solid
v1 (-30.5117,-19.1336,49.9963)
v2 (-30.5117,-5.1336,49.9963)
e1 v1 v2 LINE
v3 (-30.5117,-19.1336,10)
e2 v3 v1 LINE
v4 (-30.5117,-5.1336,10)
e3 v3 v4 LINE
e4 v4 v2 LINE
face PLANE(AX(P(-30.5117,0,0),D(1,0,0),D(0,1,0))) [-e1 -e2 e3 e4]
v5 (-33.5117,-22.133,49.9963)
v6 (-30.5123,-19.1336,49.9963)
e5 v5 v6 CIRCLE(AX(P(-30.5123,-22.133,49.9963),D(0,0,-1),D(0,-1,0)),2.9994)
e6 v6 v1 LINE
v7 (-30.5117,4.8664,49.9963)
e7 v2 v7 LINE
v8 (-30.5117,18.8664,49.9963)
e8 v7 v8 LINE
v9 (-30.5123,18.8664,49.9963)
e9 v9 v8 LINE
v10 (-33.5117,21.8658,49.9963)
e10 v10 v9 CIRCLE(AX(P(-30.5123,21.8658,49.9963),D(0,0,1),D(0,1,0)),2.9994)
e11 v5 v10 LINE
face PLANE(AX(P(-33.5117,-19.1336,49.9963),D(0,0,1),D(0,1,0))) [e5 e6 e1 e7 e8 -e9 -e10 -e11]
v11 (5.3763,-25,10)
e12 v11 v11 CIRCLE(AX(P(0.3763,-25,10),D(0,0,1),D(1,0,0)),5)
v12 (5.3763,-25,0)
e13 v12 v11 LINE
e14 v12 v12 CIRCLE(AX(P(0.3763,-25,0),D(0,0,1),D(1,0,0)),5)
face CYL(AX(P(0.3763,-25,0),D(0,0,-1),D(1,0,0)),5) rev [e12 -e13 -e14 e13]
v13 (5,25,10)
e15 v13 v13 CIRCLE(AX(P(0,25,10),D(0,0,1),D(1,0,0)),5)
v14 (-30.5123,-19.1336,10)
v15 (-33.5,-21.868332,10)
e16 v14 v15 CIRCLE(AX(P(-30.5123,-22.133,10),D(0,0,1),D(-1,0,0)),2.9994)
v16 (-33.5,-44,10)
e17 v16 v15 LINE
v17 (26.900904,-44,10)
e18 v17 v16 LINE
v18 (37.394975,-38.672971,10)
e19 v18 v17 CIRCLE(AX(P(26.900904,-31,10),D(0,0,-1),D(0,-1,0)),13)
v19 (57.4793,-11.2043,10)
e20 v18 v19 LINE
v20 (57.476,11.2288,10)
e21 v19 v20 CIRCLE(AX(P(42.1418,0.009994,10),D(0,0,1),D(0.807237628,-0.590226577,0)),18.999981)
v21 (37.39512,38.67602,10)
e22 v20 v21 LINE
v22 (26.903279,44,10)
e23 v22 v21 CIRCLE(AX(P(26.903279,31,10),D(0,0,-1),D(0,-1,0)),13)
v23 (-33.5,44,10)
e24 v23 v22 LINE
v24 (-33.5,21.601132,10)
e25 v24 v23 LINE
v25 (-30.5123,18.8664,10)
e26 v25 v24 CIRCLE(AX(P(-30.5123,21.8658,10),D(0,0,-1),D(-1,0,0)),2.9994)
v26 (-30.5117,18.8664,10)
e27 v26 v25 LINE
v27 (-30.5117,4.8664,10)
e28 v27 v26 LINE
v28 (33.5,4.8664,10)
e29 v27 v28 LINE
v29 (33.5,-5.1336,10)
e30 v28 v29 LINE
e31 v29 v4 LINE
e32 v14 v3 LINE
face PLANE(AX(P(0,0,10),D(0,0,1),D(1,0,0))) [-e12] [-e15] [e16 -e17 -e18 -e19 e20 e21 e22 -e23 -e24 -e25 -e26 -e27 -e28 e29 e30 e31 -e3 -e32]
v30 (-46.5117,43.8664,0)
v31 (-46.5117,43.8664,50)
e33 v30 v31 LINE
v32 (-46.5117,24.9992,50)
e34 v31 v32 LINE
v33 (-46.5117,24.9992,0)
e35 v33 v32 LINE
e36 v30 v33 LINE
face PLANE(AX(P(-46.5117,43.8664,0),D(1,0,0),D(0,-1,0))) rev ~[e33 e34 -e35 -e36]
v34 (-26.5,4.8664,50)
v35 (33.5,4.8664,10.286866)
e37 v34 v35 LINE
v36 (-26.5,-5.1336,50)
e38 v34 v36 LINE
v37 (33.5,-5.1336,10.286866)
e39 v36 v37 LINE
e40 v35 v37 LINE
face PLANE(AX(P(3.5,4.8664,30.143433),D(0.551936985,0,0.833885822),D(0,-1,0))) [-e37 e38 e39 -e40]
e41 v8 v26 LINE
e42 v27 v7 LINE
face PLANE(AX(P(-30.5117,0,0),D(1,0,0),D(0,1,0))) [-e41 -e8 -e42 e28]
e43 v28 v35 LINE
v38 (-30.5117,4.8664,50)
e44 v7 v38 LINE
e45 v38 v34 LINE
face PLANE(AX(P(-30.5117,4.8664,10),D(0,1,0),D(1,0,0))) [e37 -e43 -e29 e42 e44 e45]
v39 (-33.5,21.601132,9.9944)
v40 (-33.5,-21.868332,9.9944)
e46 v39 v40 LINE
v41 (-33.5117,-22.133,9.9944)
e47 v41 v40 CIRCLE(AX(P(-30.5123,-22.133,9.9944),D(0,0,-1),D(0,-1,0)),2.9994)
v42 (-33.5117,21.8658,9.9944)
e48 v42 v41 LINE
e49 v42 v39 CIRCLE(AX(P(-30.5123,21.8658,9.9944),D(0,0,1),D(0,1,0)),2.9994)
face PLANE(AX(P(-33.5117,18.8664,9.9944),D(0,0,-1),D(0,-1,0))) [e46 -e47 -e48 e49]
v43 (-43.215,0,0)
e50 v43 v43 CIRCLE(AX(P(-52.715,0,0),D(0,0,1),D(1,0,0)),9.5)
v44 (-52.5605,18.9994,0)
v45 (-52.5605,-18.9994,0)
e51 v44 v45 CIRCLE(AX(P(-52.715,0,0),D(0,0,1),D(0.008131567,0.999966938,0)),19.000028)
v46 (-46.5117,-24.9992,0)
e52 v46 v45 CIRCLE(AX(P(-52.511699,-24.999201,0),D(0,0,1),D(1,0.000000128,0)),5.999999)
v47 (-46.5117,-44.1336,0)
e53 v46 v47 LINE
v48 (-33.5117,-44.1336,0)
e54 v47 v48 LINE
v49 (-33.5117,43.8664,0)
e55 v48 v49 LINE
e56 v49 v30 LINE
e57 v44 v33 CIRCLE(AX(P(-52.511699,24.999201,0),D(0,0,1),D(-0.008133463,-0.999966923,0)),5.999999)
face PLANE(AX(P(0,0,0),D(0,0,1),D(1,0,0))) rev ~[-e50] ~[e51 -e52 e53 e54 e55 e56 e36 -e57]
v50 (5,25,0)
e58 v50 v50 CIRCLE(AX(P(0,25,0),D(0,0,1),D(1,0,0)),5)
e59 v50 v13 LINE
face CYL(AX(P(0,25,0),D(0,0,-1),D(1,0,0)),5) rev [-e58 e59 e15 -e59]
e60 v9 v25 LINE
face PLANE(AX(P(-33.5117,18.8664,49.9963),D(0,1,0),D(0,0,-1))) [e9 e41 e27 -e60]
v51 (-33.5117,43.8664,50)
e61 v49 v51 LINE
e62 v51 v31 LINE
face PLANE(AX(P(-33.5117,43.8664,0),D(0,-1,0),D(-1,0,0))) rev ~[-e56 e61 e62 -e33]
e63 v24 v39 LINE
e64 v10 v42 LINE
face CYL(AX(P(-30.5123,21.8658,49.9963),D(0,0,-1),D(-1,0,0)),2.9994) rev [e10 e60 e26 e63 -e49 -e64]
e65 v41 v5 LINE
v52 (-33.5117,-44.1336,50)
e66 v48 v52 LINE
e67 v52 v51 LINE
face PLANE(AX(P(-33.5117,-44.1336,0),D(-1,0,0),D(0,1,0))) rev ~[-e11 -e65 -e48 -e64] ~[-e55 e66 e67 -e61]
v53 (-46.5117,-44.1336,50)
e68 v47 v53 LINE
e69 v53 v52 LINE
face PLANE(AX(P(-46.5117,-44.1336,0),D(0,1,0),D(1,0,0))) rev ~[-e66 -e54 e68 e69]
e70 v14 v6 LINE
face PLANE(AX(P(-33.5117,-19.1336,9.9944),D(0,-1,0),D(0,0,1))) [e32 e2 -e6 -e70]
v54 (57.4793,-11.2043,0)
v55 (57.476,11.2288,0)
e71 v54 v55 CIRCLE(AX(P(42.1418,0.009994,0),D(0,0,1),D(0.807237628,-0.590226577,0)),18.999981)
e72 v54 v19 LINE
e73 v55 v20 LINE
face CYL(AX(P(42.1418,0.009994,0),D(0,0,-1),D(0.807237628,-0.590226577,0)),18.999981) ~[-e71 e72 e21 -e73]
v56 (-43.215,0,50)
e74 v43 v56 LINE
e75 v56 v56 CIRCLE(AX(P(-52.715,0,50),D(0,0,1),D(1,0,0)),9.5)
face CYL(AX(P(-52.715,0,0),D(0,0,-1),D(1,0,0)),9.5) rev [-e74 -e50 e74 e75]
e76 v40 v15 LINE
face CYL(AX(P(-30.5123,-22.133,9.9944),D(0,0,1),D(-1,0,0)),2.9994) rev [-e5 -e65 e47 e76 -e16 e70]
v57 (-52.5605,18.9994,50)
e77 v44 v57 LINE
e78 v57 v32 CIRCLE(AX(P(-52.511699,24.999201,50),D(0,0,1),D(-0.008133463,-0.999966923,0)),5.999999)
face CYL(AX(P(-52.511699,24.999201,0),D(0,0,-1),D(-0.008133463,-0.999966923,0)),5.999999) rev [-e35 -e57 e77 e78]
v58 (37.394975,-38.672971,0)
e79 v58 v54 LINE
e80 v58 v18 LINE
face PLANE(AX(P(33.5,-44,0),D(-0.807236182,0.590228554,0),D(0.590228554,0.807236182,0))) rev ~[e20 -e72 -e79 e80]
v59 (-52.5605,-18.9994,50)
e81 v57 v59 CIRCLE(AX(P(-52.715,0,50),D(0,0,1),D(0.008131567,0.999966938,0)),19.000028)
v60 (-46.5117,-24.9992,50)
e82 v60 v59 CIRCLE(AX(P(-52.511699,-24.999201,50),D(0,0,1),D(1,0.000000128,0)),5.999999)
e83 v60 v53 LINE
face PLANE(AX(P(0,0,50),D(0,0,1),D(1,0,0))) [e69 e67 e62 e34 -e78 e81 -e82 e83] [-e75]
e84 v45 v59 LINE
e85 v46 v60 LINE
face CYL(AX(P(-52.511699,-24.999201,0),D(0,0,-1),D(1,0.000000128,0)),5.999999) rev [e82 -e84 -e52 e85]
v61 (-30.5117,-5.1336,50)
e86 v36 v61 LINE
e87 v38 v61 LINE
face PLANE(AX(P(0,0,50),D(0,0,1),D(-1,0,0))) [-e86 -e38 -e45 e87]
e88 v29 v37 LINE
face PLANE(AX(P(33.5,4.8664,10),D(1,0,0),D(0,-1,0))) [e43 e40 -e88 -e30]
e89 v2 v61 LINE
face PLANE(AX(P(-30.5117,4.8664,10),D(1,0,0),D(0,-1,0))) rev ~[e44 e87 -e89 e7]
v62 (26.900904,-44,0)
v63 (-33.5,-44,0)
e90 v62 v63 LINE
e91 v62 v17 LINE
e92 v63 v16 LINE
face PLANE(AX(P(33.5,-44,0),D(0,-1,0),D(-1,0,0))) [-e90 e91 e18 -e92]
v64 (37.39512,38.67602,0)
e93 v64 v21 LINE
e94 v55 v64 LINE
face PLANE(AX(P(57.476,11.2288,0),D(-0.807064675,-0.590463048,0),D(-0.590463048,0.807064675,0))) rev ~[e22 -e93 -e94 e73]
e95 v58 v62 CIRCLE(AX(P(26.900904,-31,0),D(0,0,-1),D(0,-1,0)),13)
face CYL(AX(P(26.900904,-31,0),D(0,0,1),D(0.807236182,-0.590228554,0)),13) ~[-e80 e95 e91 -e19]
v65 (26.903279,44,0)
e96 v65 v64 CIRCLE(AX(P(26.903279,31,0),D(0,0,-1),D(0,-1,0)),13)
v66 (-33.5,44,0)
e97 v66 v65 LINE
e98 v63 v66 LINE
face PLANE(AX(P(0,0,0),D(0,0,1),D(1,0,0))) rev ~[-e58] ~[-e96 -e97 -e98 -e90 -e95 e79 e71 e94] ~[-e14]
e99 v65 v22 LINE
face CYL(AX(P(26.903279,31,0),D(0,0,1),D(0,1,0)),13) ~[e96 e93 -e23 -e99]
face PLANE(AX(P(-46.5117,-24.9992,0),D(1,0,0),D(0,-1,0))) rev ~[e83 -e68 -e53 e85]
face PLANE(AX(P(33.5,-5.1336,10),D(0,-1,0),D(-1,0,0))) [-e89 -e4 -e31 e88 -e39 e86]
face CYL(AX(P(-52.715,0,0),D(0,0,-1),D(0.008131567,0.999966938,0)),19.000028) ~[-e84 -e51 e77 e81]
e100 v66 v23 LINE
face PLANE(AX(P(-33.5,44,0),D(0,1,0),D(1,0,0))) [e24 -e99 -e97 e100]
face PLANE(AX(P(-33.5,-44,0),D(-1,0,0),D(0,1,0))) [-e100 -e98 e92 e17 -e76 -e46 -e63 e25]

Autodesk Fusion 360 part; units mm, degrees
sketch "Sketch3" plane through (0, 0, 0) normal (0, 0, 1) x (1, 0, 0)
  line L0 (33.5, -44) -> (-33.5, -44)
  line L1 (-33.5, -44) -> (-33.5, 44)
  line L2 (-33.5, 44) -> (33.5, 44)
  line L3 (33.5, -44) -> (-33.5, 44) construction
  line L4 (-33.5, -44) -> (33.5, 44) construction
  circle A0 centre (0, 25) radius 5
  circle A1 centre (0.3763, -25) radius 5
  line L5 (33.5, -44) -> (57.4793, -11.2043)
  line L6 (57.476, 11.2288) -> (33.5, 44)
  arc A2 (57.4793, -11.2043) -> (57.476, 11.2288) centre (42.1418, 0.01) ccw
  line L7 (33.5, 44) -> (33.5, -44)
  dimension "d5" = 67
  dimension "d6" = 88
  dimension "d7" = 10
  dimension "d8" = 10
  dimension "d9" = 50
  dimension "d10" = 19
  dimension "d55" = 19
extrude "Extrude1" add sketch "Sketch3" along normal blind 10 contours L0 L1 L2 L7 makes body 1
sketch "Sketch4" plane through (0, 0, 0) normal (0, 0, 1) x (1, 0, 0)
  line L0 (-33.5117, 43.8664) -> (-46.5117, 43.8664)
  line L1 (-46.5117, -44.1336) -> (-33.5117, -44.1336)
  line L2 (-33.5117, -44.1336) -> (-33.5117, 43.8664)
  line L3 (-46.5117, 43.8664) -> (-46.5117, 24.9992)
  line L4 (-46.5117, -24.9992) -> (-46.5117, -44.1336)
  arc A0 (-52.5605, 18.9994) -> (-52.5605, -18.9994) centre (-52.715, 0) ccw
  circle A1 centre (-52.715, 0) radius 9.5
  arc A2 (-52.5605, 18.9994) -> (-46.5117, 24.9992) centre (-52.5117, 24.9992) ccw
  arc A3 (-46.5117, -24.9992) -> (-52.5605, -18.9994) centre (-52.5117, -24.9992) ccw
  dimension "d16" = 19
  dimension "d17" = 19
  dimension "d18" = 6
  dimension "d19" = 6
extrude "Extrude2" add sketch "Sketch4" along normal blind 50 separate body makes body 2
sketch "Sketch5" plane through (-33.5117, 0, 0) normal (1, 0, 0) x (0, 1, 0)
  line L0 (-44.1336, 0) -> (43.8664, 0)
  line L1 (43.8664, 0) -> (43.8664, 50)
  line L2 (43.8664, 50) -> (-44.1336, 50)
  line L3 (-44.1336, 50) -> (-44.1336, 0)
  line L4 (-19.1336, 49.9963) -> (18.8664, 49.9963)
  line L5 (18.8664, 49.9963) -> (18.8664, 9.9944)
  line L6 (18.8664, 9.9944) -> (-19.1336, 9.9944)
  line L7 (-19.1336, 9.9944) -> (-19.1336, 49.9963)
  dimension "d22" = 38
  dimension "d23" = 25
extrude "Extrude4" add sketch "Sketch5" along normal blind 3 contours L4 L5 L6 L7 bodies 2
fillet "Fillet2" radius 3 1 edges at (-33.5117, -19.1336, 29.9954) on bodies 2
fillet "Fillet3" radius 3 1 edges at (-33.5117, 18.8664, 29.9954) on bodies 2
extrude "Extrude3" cut sketch "Sketch5" along normal blind 3 contours L4 L5 L6 L7 bodies 1
sketch "Sketch8" plane through (0, 0, 10) normal (0, 0, 1) x (-1, 0, 0)
  line L0 (30.5117, 19.1336) -> (33.5, 19.1336)
  line L1 (33.5, 19.1336) -> (33.5, 44)
  line L2 (33.5, 44) -> (-33.5, 44)
  line L3 (-33.5, -44) -> (33.5, -44)
  line L4 (33.5, -44) -> (33.5, -18.8664)
  line L5 (33.5, -18.8664) -> (30.5117, -18.8664)
  line L6 (30.5117, -18.8664) -> (30.5117, 19.1336)
  circle A0 centre (-0.3763, 25) radius 5
  circle A1 centre (0, -25) radius 5
  line L7 (30.5117, -4.8664) -> (-33.5, -4.8664)
  line L8 (-33.5, -4.8664) -> (-33.5, 5.1336)
  line L9 (-33.5, 5.1336) -> (30.5117, 5.1336)
  line L10 (30.5117, 5.1336) -> (30.5117, -4.8664)
  line L11 (-33.5, 44) -> (-33.5, -44)
  dimension "d38" = 14
  dimension "d39" = 10
extrude "Extrude5" add sketch "Sketch8" along normal blind 40 contours L6 L7 L8 L9 L10 L11 bodies 1 2
chamfer "Chamfer1" distance 60 angle 33.5 1 edges at (33.5, -0.1336, 50) measured on face at (12.1628, -1.8003, 50) on bodies 1
extrude "Extrude7" add sketch "Sketch3" along normal blind 10 contours L5 L6 A2 L7 bodies 1
fillet "Fillet8" radius 13 1 edges at (33.5, -44, 5) on bodies 1
fillet "Fillet9" radius 13 1 edges at (33.5, 44, 5) on bodies 1
equation "d10 = ( ( 88 - 50 ) / 2 ) * 1 mm"
